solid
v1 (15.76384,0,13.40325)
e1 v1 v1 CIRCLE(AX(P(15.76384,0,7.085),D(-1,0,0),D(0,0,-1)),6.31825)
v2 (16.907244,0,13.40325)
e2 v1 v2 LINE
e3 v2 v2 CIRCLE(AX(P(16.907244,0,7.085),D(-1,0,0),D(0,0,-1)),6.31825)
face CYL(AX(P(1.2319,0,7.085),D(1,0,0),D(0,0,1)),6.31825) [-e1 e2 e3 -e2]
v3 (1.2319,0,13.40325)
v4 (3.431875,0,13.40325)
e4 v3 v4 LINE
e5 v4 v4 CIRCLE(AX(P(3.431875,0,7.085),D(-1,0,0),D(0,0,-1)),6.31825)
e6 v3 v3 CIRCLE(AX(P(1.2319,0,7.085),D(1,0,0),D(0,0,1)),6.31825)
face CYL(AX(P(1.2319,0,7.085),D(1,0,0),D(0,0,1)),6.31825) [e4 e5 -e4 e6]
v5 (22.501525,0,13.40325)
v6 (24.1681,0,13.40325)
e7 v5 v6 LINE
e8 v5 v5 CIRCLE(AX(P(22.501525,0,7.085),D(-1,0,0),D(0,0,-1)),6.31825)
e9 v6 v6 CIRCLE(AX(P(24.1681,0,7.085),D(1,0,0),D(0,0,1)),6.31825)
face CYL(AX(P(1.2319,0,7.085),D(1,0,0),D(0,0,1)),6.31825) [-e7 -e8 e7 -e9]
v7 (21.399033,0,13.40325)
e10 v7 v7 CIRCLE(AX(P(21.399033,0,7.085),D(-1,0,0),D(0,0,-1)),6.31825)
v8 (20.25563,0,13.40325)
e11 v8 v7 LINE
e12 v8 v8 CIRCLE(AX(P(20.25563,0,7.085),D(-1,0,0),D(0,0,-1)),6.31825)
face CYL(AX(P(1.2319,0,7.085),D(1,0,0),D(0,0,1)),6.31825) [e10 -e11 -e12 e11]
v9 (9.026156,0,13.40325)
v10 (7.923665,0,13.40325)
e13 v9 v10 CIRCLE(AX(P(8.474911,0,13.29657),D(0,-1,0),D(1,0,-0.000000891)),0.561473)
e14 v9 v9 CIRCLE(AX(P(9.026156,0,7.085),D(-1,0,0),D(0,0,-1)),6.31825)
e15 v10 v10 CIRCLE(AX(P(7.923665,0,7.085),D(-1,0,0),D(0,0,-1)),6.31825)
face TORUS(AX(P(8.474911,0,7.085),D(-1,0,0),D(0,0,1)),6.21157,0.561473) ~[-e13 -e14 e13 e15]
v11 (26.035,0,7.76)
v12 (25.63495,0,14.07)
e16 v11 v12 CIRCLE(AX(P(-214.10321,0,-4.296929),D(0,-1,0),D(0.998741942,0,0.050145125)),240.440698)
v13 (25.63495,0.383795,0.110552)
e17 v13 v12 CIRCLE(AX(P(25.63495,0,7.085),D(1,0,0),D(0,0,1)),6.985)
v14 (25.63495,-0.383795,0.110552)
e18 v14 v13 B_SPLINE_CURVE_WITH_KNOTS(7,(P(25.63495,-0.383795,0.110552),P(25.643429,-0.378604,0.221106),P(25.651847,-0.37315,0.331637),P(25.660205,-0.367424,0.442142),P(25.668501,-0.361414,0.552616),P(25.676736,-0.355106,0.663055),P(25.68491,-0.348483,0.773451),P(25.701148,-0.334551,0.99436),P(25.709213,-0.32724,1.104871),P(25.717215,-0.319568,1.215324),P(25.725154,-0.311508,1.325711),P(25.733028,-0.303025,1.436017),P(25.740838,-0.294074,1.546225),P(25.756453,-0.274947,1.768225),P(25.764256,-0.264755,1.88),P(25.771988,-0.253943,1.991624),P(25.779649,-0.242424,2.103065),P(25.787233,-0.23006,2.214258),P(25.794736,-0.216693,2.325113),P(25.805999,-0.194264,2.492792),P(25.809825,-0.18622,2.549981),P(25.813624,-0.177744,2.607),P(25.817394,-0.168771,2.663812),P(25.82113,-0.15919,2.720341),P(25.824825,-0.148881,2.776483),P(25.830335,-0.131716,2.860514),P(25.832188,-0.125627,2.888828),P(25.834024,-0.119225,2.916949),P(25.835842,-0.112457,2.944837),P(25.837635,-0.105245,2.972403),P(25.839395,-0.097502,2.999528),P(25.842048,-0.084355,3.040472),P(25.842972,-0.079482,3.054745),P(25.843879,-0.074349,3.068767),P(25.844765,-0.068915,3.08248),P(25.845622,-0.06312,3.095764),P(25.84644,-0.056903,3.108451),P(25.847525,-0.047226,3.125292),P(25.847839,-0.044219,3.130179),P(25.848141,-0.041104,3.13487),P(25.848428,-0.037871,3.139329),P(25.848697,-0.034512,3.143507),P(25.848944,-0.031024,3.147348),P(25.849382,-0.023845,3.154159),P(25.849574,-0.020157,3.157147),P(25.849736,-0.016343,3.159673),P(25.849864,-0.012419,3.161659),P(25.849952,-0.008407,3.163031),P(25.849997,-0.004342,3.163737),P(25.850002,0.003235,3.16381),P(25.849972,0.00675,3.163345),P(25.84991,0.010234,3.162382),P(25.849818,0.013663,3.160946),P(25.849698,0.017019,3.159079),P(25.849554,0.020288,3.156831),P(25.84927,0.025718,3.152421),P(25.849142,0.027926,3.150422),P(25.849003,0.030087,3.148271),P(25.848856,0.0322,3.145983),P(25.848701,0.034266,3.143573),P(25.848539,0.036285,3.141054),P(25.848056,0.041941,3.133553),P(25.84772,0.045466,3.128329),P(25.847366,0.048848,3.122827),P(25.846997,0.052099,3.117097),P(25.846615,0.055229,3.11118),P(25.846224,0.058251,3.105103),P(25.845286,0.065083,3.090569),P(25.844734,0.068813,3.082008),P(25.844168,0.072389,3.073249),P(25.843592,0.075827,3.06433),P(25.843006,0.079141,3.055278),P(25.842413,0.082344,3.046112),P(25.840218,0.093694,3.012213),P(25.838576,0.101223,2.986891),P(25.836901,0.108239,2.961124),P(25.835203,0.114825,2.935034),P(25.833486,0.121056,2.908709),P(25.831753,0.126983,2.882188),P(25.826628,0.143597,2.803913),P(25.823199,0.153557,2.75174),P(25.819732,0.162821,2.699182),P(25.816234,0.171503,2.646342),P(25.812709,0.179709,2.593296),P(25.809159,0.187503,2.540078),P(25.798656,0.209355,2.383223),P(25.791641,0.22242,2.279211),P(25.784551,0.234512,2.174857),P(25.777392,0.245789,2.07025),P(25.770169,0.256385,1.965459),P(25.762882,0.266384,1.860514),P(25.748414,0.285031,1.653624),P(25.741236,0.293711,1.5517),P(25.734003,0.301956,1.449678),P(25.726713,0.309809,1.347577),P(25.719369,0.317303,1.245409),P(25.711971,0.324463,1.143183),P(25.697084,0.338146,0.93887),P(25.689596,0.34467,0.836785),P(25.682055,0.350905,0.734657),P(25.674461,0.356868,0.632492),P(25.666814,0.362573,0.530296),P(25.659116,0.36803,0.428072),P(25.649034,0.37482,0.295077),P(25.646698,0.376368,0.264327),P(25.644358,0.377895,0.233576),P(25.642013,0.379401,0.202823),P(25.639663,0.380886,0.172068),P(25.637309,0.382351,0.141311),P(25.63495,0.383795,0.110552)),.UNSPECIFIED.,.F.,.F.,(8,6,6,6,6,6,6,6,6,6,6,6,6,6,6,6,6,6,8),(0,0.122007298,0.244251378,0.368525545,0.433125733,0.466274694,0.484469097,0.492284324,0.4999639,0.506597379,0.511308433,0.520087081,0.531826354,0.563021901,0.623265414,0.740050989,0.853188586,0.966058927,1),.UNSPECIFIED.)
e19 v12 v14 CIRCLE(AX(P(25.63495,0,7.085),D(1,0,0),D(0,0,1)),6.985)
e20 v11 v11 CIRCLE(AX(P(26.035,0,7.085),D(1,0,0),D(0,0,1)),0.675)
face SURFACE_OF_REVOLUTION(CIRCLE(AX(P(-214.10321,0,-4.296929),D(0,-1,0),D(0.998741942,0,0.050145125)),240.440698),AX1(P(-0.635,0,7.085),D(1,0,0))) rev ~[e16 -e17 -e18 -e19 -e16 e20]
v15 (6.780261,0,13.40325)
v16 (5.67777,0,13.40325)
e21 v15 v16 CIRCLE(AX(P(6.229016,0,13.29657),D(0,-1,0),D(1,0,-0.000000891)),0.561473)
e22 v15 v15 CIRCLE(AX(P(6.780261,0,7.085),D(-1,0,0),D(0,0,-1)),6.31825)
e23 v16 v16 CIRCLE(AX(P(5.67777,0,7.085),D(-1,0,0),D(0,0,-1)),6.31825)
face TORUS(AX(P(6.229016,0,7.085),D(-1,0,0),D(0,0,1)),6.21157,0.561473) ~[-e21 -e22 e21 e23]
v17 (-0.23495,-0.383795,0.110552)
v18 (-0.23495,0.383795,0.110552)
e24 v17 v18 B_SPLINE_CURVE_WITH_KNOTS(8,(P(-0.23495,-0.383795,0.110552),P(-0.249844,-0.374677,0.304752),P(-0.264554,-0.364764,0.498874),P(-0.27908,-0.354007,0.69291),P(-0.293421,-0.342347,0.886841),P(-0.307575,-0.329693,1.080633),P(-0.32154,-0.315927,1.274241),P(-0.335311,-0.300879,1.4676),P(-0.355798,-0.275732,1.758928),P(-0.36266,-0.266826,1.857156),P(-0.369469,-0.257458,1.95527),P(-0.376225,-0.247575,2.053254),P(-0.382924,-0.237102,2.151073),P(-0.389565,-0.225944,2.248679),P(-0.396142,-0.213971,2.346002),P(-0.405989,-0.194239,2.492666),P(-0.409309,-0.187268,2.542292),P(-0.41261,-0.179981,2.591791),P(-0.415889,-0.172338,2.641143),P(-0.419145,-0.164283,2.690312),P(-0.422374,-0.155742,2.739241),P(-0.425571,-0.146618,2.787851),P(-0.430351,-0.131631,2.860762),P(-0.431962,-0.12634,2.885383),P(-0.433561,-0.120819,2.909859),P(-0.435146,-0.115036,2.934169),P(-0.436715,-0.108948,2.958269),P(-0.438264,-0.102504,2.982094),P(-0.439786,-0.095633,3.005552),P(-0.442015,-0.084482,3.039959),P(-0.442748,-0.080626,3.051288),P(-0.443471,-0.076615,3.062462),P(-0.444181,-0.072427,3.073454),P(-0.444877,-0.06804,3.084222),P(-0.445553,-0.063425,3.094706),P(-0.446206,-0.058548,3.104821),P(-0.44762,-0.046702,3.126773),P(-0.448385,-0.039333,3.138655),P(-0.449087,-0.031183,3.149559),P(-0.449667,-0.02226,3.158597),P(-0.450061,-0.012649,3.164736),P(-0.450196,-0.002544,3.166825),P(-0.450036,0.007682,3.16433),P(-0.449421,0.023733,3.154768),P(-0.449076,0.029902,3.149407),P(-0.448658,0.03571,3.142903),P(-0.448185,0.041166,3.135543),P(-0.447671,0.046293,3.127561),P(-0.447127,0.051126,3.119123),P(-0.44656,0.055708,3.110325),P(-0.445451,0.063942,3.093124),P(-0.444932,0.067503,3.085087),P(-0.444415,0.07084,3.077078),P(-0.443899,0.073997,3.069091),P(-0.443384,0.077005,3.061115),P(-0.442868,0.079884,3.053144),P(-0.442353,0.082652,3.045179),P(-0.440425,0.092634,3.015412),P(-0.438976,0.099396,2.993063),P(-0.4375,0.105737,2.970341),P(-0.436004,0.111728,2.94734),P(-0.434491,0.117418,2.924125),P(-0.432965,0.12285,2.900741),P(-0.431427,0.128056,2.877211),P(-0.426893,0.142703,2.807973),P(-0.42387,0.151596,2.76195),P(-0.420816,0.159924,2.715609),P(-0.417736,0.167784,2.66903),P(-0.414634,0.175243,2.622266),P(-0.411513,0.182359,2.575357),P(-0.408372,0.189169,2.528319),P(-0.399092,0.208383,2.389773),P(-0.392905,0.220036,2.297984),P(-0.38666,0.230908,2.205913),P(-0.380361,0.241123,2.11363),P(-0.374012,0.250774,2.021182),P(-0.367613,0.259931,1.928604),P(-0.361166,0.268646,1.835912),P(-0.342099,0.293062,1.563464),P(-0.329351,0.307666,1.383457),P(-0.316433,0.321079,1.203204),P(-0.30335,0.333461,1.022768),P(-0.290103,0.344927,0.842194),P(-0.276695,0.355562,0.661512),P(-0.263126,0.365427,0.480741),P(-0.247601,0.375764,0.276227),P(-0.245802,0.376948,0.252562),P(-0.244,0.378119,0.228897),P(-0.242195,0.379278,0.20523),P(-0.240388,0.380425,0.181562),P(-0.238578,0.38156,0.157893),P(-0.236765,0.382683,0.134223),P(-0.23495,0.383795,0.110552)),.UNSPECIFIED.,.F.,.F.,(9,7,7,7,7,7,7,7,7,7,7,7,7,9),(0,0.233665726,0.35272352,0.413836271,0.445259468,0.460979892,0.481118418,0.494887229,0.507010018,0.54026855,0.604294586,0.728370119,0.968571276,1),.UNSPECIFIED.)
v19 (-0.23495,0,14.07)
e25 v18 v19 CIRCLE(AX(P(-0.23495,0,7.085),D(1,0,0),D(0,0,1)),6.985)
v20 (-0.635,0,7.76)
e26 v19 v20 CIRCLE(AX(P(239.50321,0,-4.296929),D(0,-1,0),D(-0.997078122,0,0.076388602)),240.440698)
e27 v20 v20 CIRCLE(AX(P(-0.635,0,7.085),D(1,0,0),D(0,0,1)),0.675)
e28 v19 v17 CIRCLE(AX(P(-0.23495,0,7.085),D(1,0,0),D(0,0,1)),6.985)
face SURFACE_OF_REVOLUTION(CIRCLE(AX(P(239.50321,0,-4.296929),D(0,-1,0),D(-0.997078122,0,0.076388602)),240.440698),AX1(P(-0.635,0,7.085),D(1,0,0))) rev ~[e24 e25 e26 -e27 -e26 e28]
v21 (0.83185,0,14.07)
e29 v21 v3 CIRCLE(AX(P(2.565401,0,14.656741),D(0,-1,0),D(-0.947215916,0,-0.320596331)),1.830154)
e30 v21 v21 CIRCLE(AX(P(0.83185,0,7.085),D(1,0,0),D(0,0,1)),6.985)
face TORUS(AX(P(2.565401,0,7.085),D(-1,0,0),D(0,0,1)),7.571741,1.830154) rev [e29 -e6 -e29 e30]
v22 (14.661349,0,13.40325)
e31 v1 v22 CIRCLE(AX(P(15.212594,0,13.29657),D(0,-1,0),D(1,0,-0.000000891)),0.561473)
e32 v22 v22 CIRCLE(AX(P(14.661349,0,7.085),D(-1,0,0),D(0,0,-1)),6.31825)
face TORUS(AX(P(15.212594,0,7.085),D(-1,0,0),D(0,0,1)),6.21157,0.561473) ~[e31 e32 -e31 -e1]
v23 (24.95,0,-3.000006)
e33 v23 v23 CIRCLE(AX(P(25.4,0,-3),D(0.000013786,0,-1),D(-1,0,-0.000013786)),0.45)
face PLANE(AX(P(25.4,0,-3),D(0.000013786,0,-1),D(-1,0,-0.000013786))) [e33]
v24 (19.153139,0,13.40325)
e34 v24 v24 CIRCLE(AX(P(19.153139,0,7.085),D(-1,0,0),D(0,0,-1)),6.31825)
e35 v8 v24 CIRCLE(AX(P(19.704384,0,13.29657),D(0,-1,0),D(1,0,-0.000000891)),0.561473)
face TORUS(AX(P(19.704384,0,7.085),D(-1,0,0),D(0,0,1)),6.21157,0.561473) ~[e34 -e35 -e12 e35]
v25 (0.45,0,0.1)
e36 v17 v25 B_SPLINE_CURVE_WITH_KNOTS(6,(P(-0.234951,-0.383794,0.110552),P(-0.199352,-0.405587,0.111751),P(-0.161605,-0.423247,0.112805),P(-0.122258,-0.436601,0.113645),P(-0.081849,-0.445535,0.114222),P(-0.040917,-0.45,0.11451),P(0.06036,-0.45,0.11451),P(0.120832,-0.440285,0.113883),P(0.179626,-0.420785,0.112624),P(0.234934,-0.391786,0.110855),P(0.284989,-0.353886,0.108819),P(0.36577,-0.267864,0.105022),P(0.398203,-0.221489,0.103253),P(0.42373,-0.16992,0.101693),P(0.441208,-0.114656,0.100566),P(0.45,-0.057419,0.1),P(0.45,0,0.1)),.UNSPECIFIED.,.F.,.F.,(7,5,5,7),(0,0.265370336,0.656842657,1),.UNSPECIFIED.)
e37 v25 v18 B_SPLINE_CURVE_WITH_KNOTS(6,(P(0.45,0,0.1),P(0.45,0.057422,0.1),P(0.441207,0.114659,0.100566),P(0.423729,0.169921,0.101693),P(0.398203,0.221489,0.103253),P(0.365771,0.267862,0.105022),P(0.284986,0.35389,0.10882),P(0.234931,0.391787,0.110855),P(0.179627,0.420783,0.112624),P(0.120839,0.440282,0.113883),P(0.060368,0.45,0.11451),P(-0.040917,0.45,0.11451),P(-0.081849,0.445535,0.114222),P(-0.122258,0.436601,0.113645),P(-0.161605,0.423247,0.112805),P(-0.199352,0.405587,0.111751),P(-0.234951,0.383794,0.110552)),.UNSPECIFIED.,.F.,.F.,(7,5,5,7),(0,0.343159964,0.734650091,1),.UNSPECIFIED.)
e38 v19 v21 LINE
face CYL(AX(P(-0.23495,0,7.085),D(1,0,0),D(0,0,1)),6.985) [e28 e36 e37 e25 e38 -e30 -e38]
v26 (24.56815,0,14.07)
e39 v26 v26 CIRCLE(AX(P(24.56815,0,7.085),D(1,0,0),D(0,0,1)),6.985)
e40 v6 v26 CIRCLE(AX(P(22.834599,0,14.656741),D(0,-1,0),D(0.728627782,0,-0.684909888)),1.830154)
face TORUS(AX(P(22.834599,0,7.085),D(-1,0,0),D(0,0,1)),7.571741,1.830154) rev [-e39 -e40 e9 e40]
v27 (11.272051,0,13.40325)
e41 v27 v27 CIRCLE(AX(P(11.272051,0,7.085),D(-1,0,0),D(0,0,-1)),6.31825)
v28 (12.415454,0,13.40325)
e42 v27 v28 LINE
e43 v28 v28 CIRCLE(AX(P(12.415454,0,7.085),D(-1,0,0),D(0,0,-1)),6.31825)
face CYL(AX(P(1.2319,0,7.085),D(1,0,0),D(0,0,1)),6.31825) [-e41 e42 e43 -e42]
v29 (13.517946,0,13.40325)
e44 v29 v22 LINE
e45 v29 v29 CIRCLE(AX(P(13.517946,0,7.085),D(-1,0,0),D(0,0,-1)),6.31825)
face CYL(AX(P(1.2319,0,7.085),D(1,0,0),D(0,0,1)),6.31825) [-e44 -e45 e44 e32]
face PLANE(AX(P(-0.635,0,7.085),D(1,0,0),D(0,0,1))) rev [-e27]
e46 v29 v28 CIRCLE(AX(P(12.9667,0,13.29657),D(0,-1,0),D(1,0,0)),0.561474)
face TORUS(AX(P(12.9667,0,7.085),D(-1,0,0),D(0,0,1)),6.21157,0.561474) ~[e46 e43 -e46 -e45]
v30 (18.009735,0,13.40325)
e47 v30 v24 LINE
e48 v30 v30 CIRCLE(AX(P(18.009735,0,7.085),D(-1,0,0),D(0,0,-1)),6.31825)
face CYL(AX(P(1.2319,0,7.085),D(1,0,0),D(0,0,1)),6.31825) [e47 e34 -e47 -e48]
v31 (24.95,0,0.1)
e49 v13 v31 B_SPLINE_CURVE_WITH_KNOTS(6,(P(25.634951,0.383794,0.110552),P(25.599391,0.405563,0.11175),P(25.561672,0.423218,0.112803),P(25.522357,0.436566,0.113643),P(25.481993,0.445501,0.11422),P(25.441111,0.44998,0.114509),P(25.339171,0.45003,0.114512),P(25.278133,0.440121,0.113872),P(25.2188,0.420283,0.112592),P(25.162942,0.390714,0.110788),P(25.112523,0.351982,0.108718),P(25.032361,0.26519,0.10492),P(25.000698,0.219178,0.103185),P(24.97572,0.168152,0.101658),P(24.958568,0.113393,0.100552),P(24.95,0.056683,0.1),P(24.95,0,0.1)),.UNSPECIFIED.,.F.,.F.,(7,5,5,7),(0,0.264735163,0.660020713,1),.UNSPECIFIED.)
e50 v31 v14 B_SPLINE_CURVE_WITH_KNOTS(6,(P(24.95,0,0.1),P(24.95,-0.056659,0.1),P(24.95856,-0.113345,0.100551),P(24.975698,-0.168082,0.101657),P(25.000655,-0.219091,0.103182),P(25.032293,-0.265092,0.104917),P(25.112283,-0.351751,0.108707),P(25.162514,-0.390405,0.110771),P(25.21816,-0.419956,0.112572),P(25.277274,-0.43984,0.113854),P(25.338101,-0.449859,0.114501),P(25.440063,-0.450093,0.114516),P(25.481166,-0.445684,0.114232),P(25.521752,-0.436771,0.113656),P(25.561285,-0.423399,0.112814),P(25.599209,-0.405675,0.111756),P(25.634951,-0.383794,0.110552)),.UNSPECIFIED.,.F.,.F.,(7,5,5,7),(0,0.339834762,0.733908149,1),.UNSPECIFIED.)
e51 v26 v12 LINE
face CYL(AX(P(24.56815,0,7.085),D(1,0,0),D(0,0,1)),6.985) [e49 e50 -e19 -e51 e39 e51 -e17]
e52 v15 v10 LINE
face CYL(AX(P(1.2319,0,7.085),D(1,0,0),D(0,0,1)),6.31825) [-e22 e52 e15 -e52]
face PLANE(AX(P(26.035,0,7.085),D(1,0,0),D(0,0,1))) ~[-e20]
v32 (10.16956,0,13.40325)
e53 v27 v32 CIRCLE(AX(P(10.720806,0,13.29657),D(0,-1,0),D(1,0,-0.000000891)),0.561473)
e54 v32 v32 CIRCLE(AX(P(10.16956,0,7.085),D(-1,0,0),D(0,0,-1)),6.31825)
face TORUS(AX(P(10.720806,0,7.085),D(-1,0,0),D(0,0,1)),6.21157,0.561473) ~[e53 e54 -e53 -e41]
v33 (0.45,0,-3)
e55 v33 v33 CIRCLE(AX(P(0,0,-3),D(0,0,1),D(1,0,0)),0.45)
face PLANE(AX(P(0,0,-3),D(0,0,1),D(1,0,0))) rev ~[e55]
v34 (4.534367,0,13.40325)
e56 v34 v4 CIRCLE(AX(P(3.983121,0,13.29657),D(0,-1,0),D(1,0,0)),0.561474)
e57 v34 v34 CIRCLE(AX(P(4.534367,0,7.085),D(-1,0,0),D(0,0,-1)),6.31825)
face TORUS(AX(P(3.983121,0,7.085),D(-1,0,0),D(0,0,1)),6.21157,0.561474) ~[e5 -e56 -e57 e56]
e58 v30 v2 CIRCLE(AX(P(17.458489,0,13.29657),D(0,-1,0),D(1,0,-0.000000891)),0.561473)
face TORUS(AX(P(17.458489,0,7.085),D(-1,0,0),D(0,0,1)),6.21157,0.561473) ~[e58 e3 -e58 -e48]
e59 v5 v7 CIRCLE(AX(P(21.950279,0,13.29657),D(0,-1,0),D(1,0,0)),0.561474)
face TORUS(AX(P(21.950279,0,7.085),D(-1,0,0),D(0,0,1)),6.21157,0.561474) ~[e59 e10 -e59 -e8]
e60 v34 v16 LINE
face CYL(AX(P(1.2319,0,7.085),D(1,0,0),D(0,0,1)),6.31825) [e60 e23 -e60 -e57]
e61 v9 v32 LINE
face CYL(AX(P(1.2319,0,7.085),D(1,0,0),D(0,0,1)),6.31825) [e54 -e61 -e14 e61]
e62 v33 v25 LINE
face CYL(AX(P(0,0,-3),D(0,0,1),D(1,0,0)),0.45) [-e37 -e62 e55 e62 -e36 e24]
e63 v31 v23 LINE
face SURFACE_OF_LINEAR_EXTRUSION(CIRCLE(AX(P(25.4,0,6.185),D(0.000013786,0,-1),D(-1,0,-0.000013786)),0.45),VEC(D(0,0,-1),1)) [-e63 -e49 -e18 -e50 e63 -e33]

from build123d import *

# Parameters (mm, degrees)
SKETCH_R = 0.45


with BuildPart() as sweep_body:
    # Sweep: sweep along a path in Sketch001
    with BuildLine(Plane.XZ) as sweep_path:
        Line((0, -3), (0, 6.185))
        ThreePointArc((0, 6.185), (0.2636, 6.821392), (0.899989, 7.085))
        Line((0.899989, 7.085), (24.5, 7.085))
        ThreePointArc((24.5, 7.085), (25.136396, 6.821396), (25.4, 6.185))
        Line((25.4, 6.185), (25.4, -3))
    # Sketch → Sweep (sweep)
    with BuildSketch(Plane.XY.offset(-2)):
        Circle(SKETCH_R)
    sweep(path=sweep_path.line)


with BuildPart() as revolution:
    # Sketch002 → Revolution (revolve)
    with BuildSketch(Plane.XZ):
        with BuildLine():
            Line((-0.23495, 14.07), (0.83185, 14.07))
            ThreePointArc((0.83185, 14.07), (0.996057, 13.715134), (1.2319, 13.40325))
            Line((1.2319, 13.40325), (24.1681, 13.40325))
            ThreePointArc((24.1681, 13.40325), (24.403943, 13.715134), (24.56815, 14.07))
            Line((24.56815, 14.07), (25.63495, 14.07))
            ThreePointArc((26.035, 7.76), (25.855717, 10.916315), (25.63495, 14.07))
            Line((26.035, 7.085), (26.035, 7.76))
            Line((-0.635, 7.085), (26.035, 7.085))
            Line((-0.635, 7.085), (-0.635, 7.76))
            ThreePointArc((-0.23495, 14.07), (-0.455717, 10.916315), (-0.635, 7.76))
        make_face()
    revolve(axis=Axis((-0.635, 0, 7.085), (1, 0, 0)))


with BuildPart() as revolution001_mp_cp:
    # Sketch003 → Revolution001 (revolve)
    with BuildSketch(Plane.XZ):
        with BuildLine():
            ThreePointArc((4.544595, 13.29657), (3.983121, 13.858044), (3.421647, 13.29657))
            Line((2.2987, 13.29657), (3.421647, 13.29657))
            Line((2.2987, 13.29657), (2.2987, 11.89957))
            Line((2.2987, 11.89957), (23.6347, 11.89957))
            Line((23.6347, 11.89957), (23.6347, 13.29657))
            Line((22.511753, 13.29657), (23.6347, 13.29657))
            ThreePointArc((22.511753, 13.29657), (21.950279, 13.858044), (21.388805, 13.29657))
            Line((20.265858, 13.29657), (21.388805, 13.29657))
            ThreePointArc((20.265858, 13.29657), (19.704384, 13.858044), (19.142911, 13.29657))
            Line((18.019963, 13.29657), (19.142911, 13.29657))
            ThreePointArc((18.019963, 13.29657), (17.458489, 13.858044), (16.897016, 13.29657))
            Line((15.774068, 13.29657), (16.897016, 13.29657))
            ThreePointArc((15.774068, 13.29657), (15.212595, 13.858044), (14.651121, 13.29657))
            Line((13.528174, 13.29657), (14.651121, 13.29657))
            ThreePointArc((13.528174, 13.29657), (12.9667, 13.858044), (12.405226, 13.29657))
            Line((11.282279, 13.29657), (12.405226, 13.29657))
            ThreePointArc((11.282279, 13.29657), (10.720805, 13.858044), (10.159332, 13.29657))
            Line((9.036384, 13.29657), (10.159332, 13.29657))
            ThreePointArc((9.036384, 13.29657), (8.474911, 13.858044), (7.913437, 13.29657))
            Line((6.790489, 13.29657), (7.913437, 13.29657))
            ThreePointArc((6.790489, 13.29657), (6.229016, 13.858044), (5.667542, 13.29657))
            Line((4.544595, 13.29657), (5.667542, 13.29657))
        make_face()
    revolve(axis=Axis((0.03175, 0, 7.085), (1, 0, 0)))

    # Revolution001_mp_cp: union Sweep body, Revolution
    add(sweep_body.part)
    add(revolution.part)


solid = revolution001_mp_cp.part
